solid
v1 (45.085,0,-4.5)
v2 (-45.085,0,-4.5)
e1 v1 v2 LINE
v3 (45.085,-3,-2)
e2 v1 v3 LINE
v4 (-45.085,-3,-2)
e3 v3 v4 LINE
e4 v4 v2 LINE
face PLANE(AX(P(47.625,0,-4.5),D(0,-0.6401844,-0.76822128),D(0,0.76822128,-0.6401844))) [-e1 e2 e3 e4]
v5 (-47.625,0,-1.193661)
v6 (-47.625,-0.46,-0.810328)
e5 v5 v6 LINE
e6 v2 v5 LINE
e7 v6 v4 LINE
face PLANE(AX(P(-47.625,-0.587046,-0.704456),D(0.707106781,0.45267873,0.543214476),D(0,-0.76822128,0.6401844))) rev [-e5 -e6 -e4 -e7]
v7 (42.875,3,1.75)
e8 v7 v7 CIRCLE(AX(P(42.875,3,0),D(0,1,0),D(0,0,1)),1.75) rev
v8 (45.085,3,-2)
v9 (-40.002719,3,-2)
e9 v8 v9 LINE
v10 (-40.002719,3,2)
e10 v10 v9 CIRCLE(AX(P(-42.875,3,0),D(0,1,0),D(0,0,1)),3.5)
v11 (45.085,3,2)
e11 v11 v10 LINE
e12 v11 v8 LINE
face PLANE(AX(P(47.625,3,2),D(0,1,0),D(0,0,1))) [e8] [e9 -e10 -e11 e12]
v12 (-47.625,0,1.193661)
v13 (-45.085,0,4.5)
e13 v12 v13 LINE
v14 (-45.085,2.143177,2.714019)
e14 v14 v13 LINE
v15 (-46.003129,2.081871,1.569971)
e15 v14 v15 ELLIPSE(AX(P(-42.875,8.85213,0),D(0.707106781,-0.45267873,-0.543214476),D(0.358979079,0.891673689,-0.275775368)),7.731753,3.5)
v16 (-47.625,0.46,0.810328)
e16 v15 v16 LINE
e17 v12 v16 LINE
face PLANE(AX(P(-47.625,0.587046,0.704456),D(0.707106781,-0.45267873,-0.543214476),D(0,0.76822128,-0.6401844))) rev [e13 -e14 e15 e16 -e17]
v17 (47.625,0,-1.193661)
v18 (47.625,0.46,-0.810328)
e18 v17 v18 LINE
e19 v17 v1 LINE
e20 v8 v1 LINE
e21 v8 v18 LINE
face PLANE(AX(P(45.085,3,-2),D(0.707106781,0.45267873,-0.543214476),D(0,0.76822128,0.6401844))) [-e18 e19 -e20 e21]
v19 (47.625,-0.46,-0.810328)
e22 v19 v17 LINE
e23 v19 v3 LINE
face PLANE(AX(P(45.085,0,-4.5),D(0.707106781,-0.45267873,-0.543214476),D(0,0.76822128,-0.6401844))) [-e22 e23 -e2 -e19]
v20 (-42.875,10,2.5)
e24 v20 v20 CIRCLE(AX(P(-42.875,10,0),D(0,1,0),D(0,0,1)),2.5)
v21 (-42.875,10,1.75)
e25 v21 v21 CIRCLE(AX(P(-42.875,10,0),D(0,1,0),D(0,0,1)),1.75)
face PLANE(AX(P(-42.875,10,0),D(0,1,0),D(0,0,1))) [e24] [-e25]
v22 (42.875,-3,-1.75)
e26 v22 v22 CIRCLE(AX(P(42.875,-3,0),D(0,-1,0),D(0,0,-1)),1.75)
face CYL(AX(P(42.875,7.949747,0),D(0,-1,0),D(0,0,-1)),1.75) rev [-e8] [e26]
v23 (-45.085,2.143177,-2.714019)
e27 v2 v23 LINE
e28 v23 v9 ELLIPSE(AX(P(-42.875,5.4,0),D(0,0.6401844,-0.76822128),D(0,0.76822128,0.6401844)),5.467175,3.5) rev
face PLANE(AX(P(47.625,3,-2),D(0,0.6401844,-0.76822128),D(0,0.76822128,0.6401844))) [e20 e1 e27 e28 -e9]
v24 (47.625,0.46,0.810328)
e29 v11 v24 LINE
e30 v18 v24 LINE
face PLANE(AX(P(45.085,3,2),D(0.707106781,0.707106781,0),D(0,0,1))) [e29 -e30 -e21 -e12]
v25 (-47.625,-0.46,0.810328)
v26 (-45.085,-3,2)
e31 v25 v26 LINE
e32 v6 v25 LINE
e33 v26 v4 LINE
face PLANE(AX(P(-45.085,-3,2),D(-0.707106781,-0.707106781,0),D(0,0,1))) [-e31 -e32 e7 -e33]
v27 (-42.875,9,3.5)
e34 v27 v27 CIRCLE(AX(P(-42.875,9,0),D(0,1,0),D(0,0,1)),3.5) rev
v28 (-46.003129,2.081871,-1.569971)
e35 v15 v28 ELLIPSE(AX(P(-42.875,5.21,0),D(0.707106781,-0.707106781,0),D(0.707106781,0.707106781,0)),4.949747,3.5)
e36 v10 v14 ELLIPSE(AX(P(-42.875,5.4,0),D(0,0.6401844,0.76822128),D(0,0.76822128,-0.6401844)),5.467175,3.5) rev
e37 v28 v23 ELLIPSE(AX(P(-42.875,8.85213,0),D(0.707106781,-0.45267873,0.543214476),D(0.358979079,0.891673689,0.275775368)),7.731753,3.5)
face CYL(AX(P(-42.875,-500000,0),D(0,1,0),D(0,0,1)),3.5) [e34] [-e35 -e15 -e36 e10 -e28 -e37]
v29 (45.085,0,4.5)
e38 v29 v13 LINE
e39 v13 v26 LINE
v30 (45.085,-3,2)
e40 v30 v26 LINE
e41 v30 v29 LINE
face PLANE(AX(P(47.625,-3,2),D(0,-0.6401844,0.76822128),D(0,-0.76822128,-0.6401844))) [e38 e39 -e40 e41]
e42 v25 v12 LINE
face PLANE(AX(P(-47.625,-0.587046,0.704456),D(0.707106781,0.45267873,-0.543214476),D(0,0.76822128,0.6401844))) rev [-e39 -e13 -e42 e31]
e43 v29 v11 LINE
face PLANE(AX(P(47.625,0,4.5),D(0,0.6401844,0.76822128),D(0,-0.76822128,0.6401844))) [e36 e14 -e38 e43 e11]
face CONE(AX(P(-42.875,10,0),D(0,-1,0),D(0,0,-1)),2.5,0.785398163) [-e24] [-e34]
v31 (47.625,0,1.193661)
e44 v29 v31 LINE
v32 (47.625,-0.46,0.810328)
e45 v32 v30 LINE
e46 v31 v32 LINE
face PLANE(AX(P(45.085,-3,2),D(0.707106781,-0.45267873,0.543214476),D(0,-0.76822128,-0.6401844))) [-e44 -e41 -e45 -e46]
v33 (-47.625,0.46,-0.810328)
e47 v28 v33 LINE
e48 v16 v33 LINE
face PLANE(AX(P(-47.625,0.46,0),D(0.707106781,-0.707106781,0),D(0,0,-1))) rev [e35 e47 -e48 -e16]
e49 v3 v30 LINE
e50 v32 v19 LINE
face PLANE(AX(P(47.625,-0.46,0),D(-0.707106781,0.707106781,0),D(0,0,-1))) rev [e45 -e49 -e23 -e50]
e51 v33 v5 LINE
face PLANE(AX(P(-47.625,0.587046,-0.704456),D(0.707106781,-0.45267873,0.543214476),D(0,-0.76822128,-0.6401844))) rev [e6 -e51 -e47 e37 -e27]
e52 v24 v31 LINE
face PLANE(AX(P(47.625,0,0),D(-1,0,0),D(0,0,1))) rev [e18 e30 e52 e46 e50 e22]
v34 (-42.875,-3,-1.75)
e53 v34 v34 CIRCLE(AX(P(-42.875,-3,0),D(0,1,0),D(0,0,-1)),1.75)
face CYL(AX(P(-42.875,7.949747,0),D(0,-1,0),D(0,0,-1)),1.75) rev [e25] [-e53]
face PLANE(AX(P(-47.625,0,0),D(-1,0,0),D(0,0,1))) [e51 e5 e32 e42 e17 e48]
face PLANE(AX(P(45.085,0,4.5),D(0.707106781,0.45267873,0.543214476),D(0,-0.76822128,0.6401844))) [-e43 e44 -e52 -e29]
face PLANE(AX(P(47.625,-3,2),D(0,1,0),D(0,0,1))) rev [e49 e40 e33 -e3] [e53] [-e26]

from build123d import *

# Parameters (mm, degrees)
BOSS_EXTRUDE1_DEPTH             = 47.625
SKETCH2_R                       = 1.75
CUT_EXTRUDE1_DEPTH              = 6
CHAMFER1_SIZE                   = 2.54
CHAMFER2_SIZE                   = 2.54
SKETCH3_R                       = 3.5
SKETCH3_R_2                     = 1.75
BOSS_EXTRUDE2_DEPTH             = 7
BOSS_EXTRUDE2_DIRECTION_2_REACH = 50.212
CHAMFER3_SIZE                   = 1


with BuildPart() as part:
    # Sketch1 → Boss-Extrude1 (new, symmetric)
    with BuildSketch(Plane(origin=(0, 0, 0), x_dir=(0, 0, -1), z_dir=(1, 0, 0))):
        Polygon((-2, -3), (-4.5, 0), (-2, 3), (2, 3), (4.5, 0), (2, -3), align=None)
    extrude(amount=BOSS_EXTRUDE1_DEPTH, both=True)

    # Sketch2 → Cut-Extrude1 (cut)
    with BuildSketch(Plane.XZ.offset(3)):
        with Locations(Location((42.875, 0, 0), (0, 0, 270))):
            Circle(SKETCH2_R)
    cut_extrude1 = extrude(amount=-CUT_EXTRUDE1_DEPTH, mode=Mode.SUBTRACT)

    # Chamfer1
    chamfer1_edges = [part.edges().sort_by_distance(p)[0] for p in [
        (47.625, -1.5, -3.25),
        (47.625, -3, 0),
        (47.625, -1.5, 3.25),
        (47.625, 1.5, 3.25),
        (47.625, 3, 0),
        (47.625, 1.5, -3.25),
    ]]
    chamfer(chamfer1_edges, length=CHAMFER1_SIZE)

    # Mirror4: Cut-Extrude1 across plane
    add(cut_extrude1.mirror(Plane(origin=(0, 0, 0), x_dir=(0, 0, 1), z_dir=(1, 0, 0))), mode=Mode.SUBTRACT)

    # Chamfer2
    chamfer2_edges = [part.edges().sort_by_distance(p)[0] for p in [
        (-47.625, 1.5, 3.25),
        (-47.625, -1.5, 3.25),
        (-47.625, -3, 0),
        (-47.625, -1.5, -3.25),
        (-47.625, 1.5, -3.25),
        (-47.625, 3, 0),
    ]]
    chamfer(chamfer2_edges, length=CHAMFER2_SIZE)

    # Sketch3 → Boss-Extrude2 (add)
    with BuildSketch(Plane(origin=(0, 3, 0), x_dir=(1, 0, 0), z_dir=(0, 1, 0))):
        with Locations(Location((-42.875, 0, 0), (0, 0, 270))):
            Circle(SKETCH3_R)
        with Locations(Location((-42.875, 0, 0), (0, 0, 90))):
            Circle(SKETCH3_R_2, mode=Mode.SUBTRACT)
    extrude(amount=BOSS_EXTRUDE2_DEPTH)

    # Sketch3 → Boss-Extrude2 direction 2 (add, up to next)
    with BuildSketch(Plane(origin=(0, 3, 0), x_dir=(1, 0, 0), z_dir=(0, 1, 0)), mode=Mode.PRIVATE) as boss_extrude2_direction_2_sk1:
        with Locations(Location((-42.875, 0, 0), (0, 0, 270))):
            Circle(SKETCH3_R)
        with Locations(Location((-42.875, 0, 0), (0, 0, 90))):
            Circle(SKETCH3_R_2, mode=Mode.SUBTRACT)
    boss_extrude2_direction_2_tool1 = extrude(boss_extrude2_direction_2_sk1.sketch, amount=-BOSS_EXTRUDE2_DIRECTION_2_REACH, mode=Mode.PRIVATE) - part.part
    add(boss_extrude2_direction_2_tool1.solids().sort_by_distance((-42.875, 3, -3.401005))[0])

    # Chamfer3
    chamfer3_edges = [part.edges().sort_by_distance(p)[0] for p in [
        (-42.875, 10, -3.5),
    ]]
    chamfer(chamfer3_edges, length=CHAMFER3_SIZE)


solid = part.part
